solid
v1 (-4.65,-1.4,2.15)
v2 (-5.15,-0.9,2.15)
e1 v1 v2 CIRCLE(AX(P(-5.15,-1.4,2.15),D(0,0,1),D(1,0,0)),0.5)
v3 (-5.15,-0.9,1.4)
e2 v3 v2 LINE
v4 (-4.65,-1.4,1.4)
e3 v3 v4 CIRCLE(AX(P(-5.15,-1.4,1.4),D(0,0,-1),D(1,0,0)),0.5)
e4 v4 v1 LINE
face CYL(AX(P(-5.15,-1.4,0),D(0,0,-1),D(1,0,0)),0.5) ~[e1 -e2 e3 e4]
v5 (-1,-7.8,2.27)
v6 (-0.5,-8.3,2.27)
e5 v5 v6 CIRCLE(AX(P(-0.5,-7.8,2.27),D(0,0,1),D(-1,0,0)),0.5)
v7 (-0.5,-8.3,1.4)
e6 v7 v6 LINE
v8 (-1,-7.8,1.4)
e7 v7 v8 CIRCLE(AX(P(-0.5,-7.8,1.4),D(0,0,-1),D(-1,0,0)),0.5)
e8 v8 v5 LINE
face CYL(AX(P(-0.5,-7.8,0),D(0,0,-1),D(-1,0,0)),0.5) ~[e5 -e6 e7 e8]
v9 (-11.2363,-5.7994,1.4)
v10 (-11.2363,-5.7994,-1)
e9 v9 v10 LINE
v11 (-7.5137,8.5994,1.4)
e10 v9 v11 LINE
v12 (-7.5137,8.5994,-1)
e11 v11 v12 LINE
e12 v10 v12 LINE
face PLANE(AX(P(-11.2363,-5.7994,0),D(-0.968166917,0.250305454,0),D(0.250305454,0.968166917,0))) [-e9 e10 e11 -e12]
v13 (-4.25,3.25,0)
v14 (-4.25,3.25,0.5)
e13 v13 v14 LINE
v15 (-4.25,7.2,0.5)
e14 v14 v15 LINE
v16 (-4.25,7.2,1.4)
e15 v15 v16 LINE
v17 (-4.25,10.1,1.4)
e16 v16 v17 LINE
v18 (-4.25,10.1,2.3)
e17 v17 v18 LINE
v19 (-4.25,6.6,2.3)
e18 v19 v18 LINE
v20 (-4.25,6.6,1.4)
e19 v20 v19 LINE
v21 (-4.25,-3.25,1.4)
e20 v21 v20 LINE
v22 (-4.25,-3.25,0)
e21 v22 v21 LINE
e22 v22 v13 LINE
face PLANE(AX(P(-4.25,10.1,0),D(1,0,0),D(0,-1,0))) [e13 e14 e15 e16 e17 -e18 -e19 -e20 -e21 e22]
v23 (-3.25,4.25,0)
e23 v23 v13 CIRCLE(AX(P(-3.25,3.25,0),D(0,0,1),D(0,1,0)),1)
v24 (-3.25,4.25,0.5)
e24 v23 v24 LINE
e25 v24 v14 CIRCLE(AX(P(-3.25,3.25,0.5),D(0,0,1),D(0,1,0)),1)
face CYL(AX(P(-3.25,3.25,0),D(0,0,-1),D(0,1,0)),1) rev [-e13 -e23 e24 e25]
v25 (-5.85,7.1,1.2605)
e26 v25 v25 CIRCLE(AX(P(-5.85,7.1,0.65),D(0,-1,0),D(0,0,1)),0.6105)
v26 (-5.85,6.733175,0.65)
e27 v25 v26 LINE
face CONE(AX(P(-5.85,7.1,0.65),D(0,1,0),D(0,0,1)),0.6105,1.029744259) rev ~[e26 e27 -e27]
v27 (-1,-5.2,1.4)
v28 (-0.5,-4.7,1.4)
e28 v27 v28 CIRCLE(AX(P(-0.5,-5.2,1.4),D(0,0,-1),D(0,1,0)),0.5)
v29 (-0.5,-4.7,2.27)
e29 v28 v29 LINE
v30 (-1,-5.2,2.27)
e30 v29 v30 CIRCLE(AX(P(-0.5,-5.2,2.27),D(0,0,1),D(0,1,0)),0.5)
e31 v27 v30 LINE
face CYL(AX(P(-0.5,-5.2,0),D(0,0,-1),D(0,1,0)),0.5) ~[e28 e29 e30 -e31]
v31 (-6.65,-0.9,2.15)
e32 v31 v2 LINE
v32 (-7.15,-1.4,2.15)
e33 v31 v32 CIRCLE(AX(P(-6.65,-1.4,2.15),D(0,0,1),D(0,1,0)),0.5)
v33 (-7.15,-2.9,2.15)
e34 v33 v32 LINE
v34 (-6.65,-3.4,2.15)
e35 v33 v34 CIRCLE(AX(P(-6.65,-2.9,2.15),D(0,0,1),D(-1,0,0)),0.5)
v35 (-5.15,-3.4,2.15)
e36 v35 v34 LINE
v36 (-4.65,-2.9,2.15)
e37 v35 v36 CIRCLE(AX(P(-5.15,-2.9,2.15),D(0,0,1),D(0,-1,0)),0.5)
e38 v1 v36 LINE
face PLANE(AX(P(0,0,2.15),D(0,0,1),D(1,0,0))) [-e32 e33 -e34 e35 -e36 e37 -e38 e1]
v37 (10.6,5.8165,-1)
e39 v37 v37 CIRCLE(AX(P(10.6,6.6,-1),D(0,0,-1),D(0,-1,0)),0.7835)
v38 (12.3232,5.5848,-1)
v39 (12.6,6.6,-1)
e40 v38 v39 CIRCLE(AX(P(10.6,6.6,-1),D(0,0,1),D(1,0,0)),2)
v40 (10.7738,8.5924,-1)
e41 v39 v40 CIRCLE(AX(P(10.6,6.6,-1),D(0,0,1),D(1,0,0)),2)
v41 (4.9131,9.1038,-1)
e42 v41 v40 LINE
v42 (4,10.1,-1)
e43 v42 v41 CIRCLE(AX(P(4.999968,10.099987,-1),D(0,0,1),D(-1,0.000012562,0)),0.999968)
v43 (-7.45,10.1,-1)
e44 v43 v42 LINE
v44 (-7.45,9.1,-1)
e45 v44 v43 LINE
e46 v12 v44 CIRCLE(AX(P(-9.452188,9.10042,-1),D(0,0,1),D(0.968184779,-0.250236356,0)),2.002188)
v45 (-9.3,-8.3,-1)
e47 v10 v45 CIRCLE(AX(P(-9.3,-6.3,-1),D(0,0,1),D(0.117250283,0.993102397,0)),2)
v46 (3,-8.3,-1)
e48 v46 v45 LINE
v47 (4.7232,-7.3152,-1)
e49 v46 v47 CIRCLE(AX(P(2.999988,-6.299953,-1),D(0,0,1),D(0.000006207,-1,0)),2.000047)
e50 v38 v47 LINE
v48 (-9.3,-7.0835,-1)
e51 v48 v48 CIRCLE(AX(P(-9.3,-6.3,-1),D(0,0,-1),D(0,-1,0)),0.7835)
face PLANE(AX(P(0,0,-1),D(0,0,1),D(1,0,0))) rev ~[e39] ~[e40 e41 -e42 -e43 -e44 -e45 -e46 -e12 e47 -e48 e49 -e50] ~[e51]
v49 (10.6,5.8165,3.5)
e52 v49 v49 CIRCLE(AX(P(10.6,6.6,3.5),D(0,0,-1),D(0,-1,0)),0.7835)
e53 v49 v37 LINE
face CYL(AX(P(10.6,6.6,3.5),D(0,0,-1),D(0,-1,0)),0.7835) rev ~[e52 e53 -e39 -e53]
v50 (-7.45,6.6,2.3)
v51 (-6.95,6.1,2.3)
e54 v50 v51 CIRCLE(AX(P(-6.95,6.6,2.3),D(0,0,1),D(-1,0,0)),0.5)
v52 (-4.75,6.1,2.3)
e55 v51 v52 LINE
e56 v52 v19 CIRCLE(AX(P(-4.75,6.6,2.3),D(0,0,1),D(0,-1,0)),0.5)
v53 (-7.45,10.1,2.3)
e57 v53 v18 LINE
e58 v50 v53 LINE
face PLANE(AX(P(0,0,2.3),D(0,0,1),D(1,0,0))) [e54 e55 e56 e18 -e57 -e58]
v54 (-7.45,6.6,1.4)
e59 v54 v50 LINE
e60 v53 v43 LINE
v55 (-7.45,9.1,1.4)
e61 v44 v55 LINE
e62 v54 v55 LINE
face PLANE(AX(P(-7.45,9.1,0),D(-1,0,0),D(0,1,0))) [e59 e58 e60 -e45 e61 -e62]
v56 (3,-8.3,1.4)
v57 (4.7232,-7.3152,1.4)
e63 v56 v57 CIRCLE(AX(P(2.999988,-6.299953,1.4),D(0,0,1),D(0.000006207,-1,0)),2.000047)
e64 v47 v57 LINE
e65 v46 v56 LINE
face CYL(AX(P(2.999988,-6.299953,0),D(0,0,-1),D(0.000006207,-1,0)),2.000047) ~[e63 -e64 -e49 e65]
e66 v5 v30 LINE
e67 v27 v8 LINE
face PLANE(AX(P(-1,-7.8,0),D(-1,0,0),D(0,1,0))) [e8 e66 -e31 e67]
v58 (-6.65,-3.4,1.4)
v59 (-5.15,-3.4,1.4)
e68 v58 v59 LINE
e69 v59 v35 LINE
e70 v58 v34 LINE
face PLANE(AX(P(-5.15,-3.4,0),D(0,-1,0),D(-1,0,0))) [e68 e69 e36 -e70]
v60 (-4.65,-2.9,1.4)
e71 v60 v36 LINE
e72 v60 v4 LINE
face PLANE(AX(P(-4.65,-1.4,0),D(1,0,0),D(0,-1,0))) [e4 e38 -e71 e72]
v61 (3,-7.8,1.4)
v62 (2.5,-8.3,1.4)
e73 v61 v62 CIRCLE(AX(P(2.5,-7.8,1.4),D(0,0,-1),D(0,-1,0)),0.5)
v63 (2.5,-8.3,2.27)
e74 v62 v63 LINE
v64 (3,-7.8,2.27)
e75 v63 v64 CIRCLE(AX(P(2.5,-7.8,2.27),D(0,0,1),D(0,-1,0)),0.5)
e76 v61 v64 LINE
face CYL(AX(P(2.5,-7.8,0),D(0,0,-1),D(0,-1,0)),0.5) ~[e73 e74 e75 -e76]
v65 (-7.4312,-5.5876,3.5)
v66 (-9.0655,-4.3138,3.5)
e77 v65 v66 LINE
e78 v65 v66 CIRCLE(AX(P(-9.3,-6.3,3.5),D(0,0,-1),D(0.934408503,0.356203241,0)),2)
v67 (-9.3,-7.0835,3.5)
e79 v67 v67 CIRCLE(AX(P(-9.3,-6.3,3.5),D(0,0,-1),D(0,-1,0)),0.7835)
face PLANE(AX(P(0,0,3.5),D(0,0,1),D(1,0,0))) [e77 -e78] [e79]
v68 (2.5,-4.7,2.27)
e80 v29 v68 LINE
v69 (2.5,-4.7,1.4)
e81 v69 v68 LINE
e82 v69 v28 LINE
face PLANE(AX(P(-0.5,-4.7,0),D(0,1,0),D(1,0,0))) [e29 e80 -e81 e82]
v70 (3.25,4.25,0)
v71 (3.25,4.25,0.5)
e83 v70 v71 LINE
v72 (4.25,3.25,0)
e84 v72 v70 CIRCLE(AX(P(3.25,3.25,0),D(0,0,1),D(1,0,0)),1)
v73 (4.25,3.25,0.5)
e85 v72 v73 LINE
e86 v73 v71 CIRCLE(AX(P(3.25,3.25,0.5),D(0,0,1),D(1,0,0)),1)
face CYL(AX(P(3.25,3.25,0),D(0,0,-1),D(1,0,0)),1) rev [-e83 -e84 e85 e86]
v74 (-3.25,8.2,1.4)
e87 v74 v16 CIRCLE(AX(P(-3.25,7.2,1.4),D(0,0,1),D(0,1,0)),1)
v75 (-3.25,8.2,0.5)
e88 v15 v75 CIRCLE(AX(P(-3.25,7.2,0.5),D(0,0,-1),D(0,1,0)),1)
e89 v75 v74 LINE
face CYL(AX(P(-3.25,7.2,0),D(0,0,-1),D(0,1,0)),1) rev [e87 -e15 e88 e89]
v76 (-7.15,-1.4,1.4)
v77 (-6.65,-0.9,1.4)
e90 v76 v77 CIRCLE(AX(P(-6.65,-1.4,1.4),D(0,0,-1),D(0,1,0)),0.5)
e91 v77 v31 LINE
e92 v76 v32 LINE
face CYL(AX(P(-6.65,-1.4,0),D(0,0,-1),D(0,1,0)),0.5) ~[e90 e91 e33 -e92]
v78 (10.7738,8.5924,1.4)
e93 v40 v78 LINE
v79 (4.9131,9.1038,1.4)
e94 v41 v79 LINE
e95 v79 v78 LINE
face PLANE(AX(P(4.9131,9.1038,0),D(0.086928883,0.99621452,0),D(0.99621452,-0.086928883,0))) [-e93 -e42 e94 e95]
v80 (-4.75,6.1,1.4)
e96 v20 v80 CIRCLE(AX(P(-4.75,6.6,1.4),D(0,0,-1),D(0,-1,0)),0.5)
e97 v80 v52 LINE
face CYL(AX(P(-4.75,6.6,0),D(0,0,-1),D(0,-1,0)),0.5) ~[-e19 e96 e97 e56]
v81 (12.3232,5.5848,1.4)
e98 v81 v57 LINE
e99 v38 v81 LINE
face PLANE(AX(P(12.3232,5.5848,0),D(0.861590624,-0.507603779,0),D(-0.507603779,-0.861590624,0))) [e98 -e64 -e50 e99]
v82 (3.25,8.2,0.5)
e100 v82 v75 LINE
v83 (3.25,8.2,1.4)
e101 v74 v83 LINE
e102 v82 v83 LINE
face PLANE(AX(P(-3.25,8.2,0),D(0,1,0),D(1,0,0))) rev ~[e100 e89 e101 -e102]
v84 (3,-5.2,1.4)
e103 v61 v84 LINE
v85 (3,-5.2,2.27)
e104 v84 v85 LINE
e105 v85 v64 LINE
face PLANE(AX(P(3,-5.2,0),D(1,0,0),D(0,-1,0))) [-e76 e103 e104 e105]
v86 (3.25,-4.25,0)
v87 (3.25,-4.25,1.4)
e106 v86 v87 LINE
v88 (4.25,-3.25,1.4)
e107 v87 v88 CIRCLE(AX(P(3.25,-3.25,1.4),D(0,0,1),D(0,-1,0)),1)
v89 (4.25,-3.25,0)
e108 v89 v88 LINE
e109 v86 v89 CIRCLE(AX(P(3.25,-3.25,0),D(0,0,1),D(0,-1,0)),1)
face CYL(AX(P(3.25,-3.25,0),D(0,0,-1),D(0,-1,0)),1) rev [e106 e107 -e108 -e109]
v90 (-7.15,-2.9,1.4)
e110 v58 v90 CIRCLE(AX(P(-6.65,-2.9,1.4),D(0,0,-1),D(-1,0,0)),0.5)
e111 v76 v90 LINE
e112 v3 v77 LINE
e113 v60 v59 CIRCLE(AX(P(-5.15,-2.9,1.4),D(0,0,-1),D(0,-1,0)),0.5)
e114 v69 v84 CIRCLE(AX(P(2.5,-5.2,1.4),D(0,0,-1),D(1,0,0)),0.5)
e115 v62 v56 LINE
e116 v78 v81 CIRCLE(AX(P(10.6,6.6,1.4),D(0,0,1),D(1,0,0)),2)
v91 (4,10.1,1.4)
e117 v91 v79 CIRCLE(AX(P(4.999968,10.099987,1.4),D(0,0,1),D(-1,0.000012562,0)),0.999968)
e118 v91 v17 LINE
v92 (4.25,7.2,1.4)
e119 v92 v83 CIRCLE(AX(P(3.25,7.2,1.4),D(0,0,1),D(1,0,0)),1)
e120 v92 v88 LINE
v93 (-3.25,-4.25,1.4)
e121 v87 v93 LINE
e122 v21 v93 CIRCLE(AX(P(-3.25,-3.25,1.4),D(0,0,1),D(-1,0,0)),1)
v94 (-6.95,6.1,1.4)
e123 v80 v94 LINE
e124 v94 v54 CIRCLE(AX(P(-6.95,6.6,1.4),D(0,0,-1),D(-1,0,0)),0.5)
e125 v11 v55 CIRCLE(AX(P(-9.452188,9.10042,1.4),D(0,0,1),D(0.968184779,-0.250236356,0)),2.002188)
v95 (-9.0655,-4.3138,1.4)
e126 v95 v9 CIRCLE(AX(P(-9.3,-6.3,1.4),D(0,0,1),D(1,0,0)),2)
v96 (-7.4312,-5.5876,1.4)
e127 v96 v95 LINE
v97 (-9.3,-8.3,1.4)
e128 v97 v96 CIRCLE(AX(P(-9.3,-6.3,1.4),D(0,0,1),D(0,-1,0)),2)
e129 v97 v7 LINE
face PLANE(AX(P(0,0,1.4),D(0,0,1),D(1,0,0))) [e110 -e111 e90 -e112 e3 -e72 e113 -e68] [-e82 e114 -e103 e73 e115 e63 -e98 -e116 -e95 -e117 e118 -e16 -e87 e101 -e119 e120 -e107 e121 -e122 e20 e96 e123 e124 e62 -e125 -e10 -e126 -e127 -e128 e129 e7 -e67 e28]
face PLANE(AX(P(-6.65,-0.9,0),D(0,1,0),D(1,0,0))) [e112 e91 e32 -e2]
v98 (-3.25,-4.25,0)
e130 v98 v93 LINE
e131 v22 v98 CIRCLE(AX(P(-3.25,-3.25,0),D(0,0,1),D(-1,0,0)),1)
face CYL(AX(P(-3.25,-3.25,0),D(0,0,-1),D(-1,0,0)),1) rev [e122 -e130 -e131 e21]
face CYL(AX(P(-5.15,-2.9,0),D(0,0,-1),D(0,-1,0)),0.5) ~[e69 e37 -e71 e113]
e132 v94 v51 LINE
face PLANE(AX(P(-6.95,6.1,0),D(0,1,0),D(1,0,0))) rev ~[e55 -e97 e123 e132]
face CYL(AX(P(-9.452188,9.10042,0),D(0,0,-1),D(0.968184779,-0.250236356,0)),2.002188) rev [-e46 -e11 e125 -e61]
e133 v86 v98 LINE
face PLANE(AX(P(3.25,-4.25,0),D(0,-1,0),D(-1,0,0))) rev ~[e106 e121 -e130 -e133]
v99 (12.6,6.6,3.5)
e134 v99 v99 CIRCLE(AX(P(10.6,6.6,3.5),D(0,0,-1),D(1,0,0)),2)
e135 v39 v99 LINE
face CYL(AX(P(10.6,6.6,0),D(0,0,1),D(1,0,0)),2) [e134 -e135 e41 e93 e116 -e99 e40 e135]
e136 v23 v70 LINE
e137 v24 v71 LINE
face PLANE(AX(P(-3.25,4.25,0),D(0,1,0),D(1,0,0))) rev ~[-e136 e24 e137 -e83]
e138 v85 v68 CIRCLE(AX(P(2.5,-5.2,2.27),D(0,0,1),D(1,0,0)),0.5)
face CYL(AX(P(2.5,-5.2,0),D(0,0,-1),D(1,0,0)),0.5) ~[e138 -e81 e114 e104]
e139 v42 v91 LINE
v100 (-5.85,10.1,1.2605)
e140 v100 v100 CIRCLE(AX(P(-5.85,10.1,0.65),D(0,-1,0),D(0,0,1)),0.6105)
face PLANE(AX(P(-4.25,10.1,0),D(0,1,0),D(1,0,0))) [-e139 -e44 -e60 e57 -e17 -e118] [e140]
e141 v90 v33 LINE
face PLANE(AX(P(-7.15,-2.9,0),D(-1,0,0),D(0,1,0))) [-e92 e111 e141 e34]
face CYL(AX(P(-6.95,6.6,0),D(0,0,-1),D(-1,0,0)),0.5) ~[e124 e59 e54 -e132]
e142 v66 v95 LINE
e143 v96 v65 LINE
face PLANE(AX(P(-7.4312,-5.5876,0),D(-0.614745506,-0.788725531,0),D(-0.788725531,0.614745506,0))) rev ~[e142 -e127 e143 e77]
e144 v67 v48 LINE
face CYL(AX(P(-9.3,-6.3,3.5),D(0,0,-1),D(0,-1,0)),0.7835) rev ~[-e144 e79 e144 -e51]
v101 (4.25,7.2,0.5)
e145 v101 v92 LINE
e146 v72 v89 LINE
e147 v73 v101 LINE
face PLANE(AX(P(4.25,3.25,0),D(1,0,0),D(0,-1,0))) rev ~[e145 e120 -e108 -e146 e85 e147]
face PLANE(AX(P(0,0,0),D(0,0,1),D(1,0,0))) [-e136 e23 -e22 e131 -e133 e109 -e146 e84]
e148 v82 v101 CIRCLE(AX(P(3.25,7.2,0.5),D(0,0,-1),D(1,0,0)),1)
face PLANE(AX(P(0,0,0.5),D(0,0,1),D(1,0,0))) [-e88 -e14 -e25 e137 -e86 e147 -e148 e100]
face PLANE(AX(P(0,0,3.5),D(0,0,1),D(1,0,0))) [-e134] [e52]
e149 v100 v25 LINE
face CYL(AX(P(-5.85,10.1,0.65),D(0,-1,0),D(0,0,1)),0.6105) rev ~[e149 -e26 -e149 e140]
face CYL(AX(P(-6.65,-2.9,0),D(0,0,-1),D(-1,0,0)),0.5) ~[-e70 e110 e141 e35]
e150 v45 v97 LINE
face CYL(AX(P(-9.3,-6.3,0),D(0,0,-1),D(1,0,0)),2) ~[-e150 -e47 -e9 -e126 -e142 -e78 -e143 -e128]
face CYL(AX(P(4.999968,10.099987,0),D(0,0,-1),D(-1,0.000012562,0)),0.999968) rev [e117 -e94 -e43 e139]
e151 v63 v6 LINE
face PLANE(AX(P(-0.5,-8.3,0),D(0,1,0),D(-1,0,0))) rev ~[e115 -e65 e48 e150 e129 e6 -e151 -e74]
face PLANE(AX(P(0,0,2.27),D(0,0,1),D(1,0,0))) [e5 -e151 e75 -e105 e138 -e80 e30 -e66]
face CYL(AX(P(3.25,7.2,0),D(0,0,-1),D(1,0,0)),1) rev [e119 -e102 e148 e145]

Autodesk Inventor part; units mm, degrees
ref_plane "YZ Plane" through (0, 0, 0) normal (1, 0, 0) x (0, 1, 0)
ref_plane "XZ Plane" through (0, 0, 0) normal (0, 1, 0) x (-1, 0, 0)
ref_plane "XY Plane" through (0, 0, 0) normal (0, 0, 1) x (1, 0, 0)
sketch "Sketch9" plane through (0, 0, 0) normal (0, 0, 1) x (1, 0, 0)
  circle A0 centre (-9.3, -6.3) radius 2
  circle A1 centre (10.6, 6.6) radius 2
  line L0 (3.75, -3.75) -> (-3.75, -3.75) construction
  line L1 (-3.75, -3.75) -> (-3.75, 3.75) construction
  line L2 (-3.75, 3.75) -> (3.75, 3.75) construction
  line L3 (3.75, 3.75) -> (3.75, -3.75) construction
  line L4 (3.75, -3.75) -> (-3.75, 3.75) construction
  line L5 (-3.75, -3.75) -> (3.75, 3.75) construction
  line L6 (-4.95, -3.125) -> (-6.85, -3.125) construction
  line L7 (-6.85, -3.125) -> (-6.85, -1.175) construction
  line L8 (-6.85, -1.175) -> (-4.95, -1.175) construction
  line L9 (-4.95, -1.175) -> (-4.95, -3.125) construction
  line L10 (-4.95, -3.125) -> (-6.85, -1.175) construction
  line L11 (-6.85, -3.125) -> (-4.95, -1.175) construction
  line L12 (2.575, -4.925) -> (-0.575, -4.925) construction
  line L13 (-0.575, -4.925) -> (-0.575, -8.075) construction
  line L14 (-0.575, -8.075) -> (2.575, -8.075) construction
  line L15 (2.575, -8.075) -> (2.575, -4.925) construction
  line L16 (2.575, -4.925) -> (-0.575, -8.075) construction
  line L17 (-0.575, -4.925) -> (2.575, -8.075) construction
  line L18 (12.3232, 5.5848) -> (4.7232, -7.3152)
  arc A2 (3, -8.3) -> (4.7232, -7.3152) centre (3, -6.3) ccw
  line L19 (3, -8.3) -> (-9.3, -8.3)
  line L20 (-11.2363, -5.7994) -> (-7.5137, 8.5994)
  arc A3 (-7.5137, 8.5994) -> (-7.45, 9.1) centre (-9.45, 9.1) ccw
  line L21 (-7.45, 9.1) -> (-7.45, 10.1)
  line L22 (-7.45, 10.1) -> (4, 10.1)
  arc A4 (4, 10.1) -> (4.9131, 9.1038) centre (5, 10.1) ccw
  line L23 (4.9131, 9.1038) -> (10.7738, 8.5924)
  line L24 (3.25, -4.25) -> (-3.25, -4.25)
  line L25 (-4.25, -3.25) -> (-4.25, 3.25)
  line L26 (-3.25, 4.25) -> (3.25, 4.25)
  line L27 (4.25, 3.25) -> (4.25, -3.25)
  arc A5 (3.25, -4.25) -> (4.25, -3.25) centre (3.25, -3.25) ccw
  arc A6 (-4.25, -3.25) -> (-3.25, -4.25) centre (-3.25, -3.25) ccw
  arc A7 (-3.25, 4.25) -> (-4.25, 3.25) centre (-3.25, 3.25) ccw
  arc A8 (4.25, 3.25) -> (3.25, 4.25) centre (3.25, 3.25) ccw
  line L28 (1.7, 7.8) -> (-2.3, 7.8) construction
  line L29 (-2.3, 7.8) -> (-2.3, 5) construction
  line L30 (-2.3, 5) -> (1.7, 5) construction
  line L31 (1.7, 5) -> (1.7, 7.8) construction
  line L32 (1.7, 7.8) -> (-2.3, 5) construction
  line L33 (-2.3, 7.8) -> (1.7, 5) construction
  line L34 (-4.25, 3.25) -> (-4.25, 7.2)
  arc A9 (-3.25, 8.2) -> (-4.25, 7.2) centre (-3.25, 7.2) ccw
  line L35 (-3.25, 8.2) -> (3.25, 8.2)
  arc A10 (4.25, 7.2) -> (3.25, 8.2) centre (3.25, 7.2) ccw
  line L36 (4.25, 7.2) -> (4.25, 3.25)
  line L37 (-5.15, -3.4) -> (-6.65, -3.4)
  line L38 (-7.15, -2.9) -> (-7.15, -1.4)
  line L39 (-6.65, -0.9) -> (-5.15, -0.9)
  line L40 (-4.65, -1.4) -> (-4.65, -2.9)
  arc A11 (-5.15, -3.4) -> (-4.65, -2.9) centre (-5.15, -2.9) ccw
  arc A12 (-4.65, -1.4) -> (-5.15, -0.9) centre (-5.15, -1.4) ccw
  arc A13 (-6.65, -0.9) -> (-7.15, -1.4) centre (-6.65, -1.4) ccw
  arc A14 (-7.15, -2.9) -> (-6.65, -3.4) centre (-6.65, -2.9) ccw
  line L41 (2.5, -8.3) -> (-0.5, -8.3)
  line L42 (-1, -7.8) -> (-1, -5.2)
  line L43 (-0.5, -4.7) -> (2.5, -4.7)
  line L44 (3, -5.2) -> (3, -7.8)
  arc A15 (2.5, -8.3) -> (3, -7.8) centre (2.5, -7.8) ccw
  arc A16 (3, -5.2) -> (2.5, -4.7) centre (2.5, -5.2) ccw
  arc A17 (-0.5, -4.7) -> (-1, -5.2) centre (-0.5, -5.2) ccw
  arc A18 (-1, -7.8) -> (-0.5, -8.3) centre (-0.5, -7.8) ccw
  circle A19 centre (-7.6029, -4.1225) radius 1.05 construction
  line L45 (-9.3, -6.3) -> (-6.65, -2.9) construction
  line L46 (-7.4312, -5.5876) -> (-9.0655, -4.3138)
  line L47 (-4.25, 10.1) -> (-4.25, 7.2)
  line L48 (-7.45, 9.1) -> (-7.45, 6.6)
  arc A20 (-7.45, 6.6) -> (-6.95, 6.1) centre (-6.95, 6.6) ccw
  line L49 (-6.95, 6.1) -> (-4.75, 6.1)
  arc A21 (-4.75, 6.1) -> (-4.25, 6.6) centre (-4.75, 6.6) ccw
  point P0 (0, 0)
  point P1 (0, 0)
  point P2 (-5.9, -2.15)
  point P3 (1, -6.5)
  point P4 (0, 0)
  point P5 (0, -4.25)
  point P6 (0, 0)
  point P7 (-4.25, 0)
  point P8 (-0.3, 6.4)
  point P9 (1, -4.925)
  point P10 (1, -4.7)
  point P11 (-1, -6.5)
  point P12 (-0.575, -6.5)
  point P13 (-5.9, -3.4)
  point P14 (-5.9, -3.125)
  point P15 (-4.65, -2.15)
  point P16 (-4.95, -2.15)
  dimension "d71" = 4
  dimension "d72" = 19.9
  dimension "d73" = 12.9
  dimension "d74" = 9.3
  dimension "d75" = 6.3
  dimension "d76" = 7.5
  dimension "d77" = 5.9
  dimension "d78" = 2.15
  dimension "d79" = 1.9
  dimension "d80" = 1.95
  dimension "d81" = 6.5
  dimension "d82" = 1
  dimension "d83" = 3.15
  dimension "d95" = 2
  dimension "d96" = 3
  dimension "d97" = 10.1
  dimension "d103" = 1
  dimension "d104" = 8.5
  dimension "d107" = 6.4
  dimension "d108" = 2.8
  dimension "d109" = 4
  dimension "d110" = 0.3
  dimension "d111" = 1.8
  dimension "d114" = 0.5
  dimension "d115" = 0.5
  dimension "d116" = 4
  dimension "d117" = 2.5
  dimension "d118" = 2.5
  dimension "d119" = 2.1
  dimension "d120" = 1.7107
  dimension "d125" = 1
  dimension "d127" = 1
  dimension "d128" = 4
  dimension "d129" = 3.2
  dimension "d130" = 4
extrude "Extrusion7" add sketch "Sketch9" along normal blind 3.5 and the other way blind 1 contours A0 L46 | A1 picked at (-9.5, -5.1238)
sketch "Sketch10" plane through (10.6, 6.6, 3.5) normal (0, 0, 1) x (1, 0, 0)
  arc A0 (-19.6655, -10.9138) -> (-18.0312, -12.1876) centre (-19.9, -12.9) ccw projected
  circle A1 centre (0, 0) radius 2 projected
  line L0 (-18.0312, -12.1876) -> (-19.6655, -10.9138) projected
  point P0 (-10.6, -6.6)
hole "Hole3" at (10.6, 6.6, 3.5) at (-9.3, -6.3, 3.5) direction (0, 0, -1) diameter 1.567 end through all thread size "M2x0.4" class "6H" standard "ANSI Metric M Profile"
extrude "Extrusion8" add sketch "Sketch9" against normal up to surface (1 mm away) contours A0 L20 A3 L48 A20 L49 A21 L34 L25 A6 L24 A5 L27 L36 A10 L35 A9 L47 L22 A4 L23 A1 L18 A2 L19 A15 L44 A16 L43 A17 L42 A18 | L46 A0 | A18 L42 A17 L43 A16 L44 A15 L19 | L21 L22 L47 L34 A21 L49 A20 L48 | A9 L35 A10 L36 A8 L26 A7 L34 | A7 L26 A8 L27 A5 L24 A6 L25 | L37 A14 L38 A13 L39 A12 L40 A11 picked at (-8.1343, -4.9223)
extrude "Extrusion9" add sketch "Sketch9" along normal blind 0.5 contours A0 L20 A3 L48 A20 L49 A21 L34 L25 A6 L24 A5 L27 L36 A10 L35 A9 L47 L22 A4 L23 A1 L18 A2 L19 A15 L44 A16 L43 A17 L42 A18 | L46 A0 | A18 L42 A17 L43 A16 L44 A15 L19 | L21 L22 L47 L34 A21 L49 A20 L48 | A9 L35 A10 L36 A8 L26 A7 L34 | L37 A14 L38 A13 L39 A12 L40 A11 picked at (-8.1343, -4.9223)
extrude "Extrusion10" add sketch "Sketch9" along normal blind 1.4 contours A0 L20 A3 L48 A20 L49 A21 L34 L25 A6 L24 A5 L27 L36 A10 L35 A9 L47 L22 A4 L23 A1 L18 A2 L19 A15 L44 A16 L43 A17 L42 A18 | L46 A0 | A18 L42 A17 L43 A16 L44 A15 L19 | L21 L22 L47 L34 A21 L49 A20 L48 | L37 A14 L38 A13 L39 A12 L40 A11 picked at (-8.1343, -4.9223)
extrude "Extrusion11" add sketch "Sketch9" along normal blind 2.27 contours A18 L42 A17 L43 A16 L44 A15 L19
extrude "Extrusion12" add sketch "Sketch9" along normal blind 2.15 contours L37 A14 L38 A13 L39 A12 L40 A11
extrude "Extrusion13" add sketch "Sketch9" along normal blind 2.3 contours L21 L22 L47 L34 A21 L49 A20 L48
sketch "Sketch11" plane through (-7.45, 10.1, -1) normal (0, 1, 0) x (1, 0, 0)
  line L0 (0, 0) -> (0, -3.3) projected
  line L1 (3.2, -3.3) -> (0, -3.3) projected
  line L2 (3.2, -2.4) -> (3.2, -3.3) projected
  line L3 (11.45, -2.4) -> (3.2, -2.4) projected
  line L4 (11.45, 0) -> (11.45, -2.4) projected
  line L5 (0, 0) -> (11.45, 0) projected
  line L6 (0, 0) -> (11.45, 0) construction
  line L7 (0, 0) -> (3.2, -3.3) construction
  point P0 (7.45, -1)
  point P1 (1.6, -1.65)
hole "Hole4" at (-5.85, 10.1, 0.65) direction (0, -1, 0) diameter 1.221 depth 3 tip angle 118 thread size "M1.6x0.35" class "6H" standard "ANSI Metric M Profile"
equation "\"SilPad\" = 0.35"
properties part number "EPS_RegulatorHeatsink-A" material "Aluminum 6061"
